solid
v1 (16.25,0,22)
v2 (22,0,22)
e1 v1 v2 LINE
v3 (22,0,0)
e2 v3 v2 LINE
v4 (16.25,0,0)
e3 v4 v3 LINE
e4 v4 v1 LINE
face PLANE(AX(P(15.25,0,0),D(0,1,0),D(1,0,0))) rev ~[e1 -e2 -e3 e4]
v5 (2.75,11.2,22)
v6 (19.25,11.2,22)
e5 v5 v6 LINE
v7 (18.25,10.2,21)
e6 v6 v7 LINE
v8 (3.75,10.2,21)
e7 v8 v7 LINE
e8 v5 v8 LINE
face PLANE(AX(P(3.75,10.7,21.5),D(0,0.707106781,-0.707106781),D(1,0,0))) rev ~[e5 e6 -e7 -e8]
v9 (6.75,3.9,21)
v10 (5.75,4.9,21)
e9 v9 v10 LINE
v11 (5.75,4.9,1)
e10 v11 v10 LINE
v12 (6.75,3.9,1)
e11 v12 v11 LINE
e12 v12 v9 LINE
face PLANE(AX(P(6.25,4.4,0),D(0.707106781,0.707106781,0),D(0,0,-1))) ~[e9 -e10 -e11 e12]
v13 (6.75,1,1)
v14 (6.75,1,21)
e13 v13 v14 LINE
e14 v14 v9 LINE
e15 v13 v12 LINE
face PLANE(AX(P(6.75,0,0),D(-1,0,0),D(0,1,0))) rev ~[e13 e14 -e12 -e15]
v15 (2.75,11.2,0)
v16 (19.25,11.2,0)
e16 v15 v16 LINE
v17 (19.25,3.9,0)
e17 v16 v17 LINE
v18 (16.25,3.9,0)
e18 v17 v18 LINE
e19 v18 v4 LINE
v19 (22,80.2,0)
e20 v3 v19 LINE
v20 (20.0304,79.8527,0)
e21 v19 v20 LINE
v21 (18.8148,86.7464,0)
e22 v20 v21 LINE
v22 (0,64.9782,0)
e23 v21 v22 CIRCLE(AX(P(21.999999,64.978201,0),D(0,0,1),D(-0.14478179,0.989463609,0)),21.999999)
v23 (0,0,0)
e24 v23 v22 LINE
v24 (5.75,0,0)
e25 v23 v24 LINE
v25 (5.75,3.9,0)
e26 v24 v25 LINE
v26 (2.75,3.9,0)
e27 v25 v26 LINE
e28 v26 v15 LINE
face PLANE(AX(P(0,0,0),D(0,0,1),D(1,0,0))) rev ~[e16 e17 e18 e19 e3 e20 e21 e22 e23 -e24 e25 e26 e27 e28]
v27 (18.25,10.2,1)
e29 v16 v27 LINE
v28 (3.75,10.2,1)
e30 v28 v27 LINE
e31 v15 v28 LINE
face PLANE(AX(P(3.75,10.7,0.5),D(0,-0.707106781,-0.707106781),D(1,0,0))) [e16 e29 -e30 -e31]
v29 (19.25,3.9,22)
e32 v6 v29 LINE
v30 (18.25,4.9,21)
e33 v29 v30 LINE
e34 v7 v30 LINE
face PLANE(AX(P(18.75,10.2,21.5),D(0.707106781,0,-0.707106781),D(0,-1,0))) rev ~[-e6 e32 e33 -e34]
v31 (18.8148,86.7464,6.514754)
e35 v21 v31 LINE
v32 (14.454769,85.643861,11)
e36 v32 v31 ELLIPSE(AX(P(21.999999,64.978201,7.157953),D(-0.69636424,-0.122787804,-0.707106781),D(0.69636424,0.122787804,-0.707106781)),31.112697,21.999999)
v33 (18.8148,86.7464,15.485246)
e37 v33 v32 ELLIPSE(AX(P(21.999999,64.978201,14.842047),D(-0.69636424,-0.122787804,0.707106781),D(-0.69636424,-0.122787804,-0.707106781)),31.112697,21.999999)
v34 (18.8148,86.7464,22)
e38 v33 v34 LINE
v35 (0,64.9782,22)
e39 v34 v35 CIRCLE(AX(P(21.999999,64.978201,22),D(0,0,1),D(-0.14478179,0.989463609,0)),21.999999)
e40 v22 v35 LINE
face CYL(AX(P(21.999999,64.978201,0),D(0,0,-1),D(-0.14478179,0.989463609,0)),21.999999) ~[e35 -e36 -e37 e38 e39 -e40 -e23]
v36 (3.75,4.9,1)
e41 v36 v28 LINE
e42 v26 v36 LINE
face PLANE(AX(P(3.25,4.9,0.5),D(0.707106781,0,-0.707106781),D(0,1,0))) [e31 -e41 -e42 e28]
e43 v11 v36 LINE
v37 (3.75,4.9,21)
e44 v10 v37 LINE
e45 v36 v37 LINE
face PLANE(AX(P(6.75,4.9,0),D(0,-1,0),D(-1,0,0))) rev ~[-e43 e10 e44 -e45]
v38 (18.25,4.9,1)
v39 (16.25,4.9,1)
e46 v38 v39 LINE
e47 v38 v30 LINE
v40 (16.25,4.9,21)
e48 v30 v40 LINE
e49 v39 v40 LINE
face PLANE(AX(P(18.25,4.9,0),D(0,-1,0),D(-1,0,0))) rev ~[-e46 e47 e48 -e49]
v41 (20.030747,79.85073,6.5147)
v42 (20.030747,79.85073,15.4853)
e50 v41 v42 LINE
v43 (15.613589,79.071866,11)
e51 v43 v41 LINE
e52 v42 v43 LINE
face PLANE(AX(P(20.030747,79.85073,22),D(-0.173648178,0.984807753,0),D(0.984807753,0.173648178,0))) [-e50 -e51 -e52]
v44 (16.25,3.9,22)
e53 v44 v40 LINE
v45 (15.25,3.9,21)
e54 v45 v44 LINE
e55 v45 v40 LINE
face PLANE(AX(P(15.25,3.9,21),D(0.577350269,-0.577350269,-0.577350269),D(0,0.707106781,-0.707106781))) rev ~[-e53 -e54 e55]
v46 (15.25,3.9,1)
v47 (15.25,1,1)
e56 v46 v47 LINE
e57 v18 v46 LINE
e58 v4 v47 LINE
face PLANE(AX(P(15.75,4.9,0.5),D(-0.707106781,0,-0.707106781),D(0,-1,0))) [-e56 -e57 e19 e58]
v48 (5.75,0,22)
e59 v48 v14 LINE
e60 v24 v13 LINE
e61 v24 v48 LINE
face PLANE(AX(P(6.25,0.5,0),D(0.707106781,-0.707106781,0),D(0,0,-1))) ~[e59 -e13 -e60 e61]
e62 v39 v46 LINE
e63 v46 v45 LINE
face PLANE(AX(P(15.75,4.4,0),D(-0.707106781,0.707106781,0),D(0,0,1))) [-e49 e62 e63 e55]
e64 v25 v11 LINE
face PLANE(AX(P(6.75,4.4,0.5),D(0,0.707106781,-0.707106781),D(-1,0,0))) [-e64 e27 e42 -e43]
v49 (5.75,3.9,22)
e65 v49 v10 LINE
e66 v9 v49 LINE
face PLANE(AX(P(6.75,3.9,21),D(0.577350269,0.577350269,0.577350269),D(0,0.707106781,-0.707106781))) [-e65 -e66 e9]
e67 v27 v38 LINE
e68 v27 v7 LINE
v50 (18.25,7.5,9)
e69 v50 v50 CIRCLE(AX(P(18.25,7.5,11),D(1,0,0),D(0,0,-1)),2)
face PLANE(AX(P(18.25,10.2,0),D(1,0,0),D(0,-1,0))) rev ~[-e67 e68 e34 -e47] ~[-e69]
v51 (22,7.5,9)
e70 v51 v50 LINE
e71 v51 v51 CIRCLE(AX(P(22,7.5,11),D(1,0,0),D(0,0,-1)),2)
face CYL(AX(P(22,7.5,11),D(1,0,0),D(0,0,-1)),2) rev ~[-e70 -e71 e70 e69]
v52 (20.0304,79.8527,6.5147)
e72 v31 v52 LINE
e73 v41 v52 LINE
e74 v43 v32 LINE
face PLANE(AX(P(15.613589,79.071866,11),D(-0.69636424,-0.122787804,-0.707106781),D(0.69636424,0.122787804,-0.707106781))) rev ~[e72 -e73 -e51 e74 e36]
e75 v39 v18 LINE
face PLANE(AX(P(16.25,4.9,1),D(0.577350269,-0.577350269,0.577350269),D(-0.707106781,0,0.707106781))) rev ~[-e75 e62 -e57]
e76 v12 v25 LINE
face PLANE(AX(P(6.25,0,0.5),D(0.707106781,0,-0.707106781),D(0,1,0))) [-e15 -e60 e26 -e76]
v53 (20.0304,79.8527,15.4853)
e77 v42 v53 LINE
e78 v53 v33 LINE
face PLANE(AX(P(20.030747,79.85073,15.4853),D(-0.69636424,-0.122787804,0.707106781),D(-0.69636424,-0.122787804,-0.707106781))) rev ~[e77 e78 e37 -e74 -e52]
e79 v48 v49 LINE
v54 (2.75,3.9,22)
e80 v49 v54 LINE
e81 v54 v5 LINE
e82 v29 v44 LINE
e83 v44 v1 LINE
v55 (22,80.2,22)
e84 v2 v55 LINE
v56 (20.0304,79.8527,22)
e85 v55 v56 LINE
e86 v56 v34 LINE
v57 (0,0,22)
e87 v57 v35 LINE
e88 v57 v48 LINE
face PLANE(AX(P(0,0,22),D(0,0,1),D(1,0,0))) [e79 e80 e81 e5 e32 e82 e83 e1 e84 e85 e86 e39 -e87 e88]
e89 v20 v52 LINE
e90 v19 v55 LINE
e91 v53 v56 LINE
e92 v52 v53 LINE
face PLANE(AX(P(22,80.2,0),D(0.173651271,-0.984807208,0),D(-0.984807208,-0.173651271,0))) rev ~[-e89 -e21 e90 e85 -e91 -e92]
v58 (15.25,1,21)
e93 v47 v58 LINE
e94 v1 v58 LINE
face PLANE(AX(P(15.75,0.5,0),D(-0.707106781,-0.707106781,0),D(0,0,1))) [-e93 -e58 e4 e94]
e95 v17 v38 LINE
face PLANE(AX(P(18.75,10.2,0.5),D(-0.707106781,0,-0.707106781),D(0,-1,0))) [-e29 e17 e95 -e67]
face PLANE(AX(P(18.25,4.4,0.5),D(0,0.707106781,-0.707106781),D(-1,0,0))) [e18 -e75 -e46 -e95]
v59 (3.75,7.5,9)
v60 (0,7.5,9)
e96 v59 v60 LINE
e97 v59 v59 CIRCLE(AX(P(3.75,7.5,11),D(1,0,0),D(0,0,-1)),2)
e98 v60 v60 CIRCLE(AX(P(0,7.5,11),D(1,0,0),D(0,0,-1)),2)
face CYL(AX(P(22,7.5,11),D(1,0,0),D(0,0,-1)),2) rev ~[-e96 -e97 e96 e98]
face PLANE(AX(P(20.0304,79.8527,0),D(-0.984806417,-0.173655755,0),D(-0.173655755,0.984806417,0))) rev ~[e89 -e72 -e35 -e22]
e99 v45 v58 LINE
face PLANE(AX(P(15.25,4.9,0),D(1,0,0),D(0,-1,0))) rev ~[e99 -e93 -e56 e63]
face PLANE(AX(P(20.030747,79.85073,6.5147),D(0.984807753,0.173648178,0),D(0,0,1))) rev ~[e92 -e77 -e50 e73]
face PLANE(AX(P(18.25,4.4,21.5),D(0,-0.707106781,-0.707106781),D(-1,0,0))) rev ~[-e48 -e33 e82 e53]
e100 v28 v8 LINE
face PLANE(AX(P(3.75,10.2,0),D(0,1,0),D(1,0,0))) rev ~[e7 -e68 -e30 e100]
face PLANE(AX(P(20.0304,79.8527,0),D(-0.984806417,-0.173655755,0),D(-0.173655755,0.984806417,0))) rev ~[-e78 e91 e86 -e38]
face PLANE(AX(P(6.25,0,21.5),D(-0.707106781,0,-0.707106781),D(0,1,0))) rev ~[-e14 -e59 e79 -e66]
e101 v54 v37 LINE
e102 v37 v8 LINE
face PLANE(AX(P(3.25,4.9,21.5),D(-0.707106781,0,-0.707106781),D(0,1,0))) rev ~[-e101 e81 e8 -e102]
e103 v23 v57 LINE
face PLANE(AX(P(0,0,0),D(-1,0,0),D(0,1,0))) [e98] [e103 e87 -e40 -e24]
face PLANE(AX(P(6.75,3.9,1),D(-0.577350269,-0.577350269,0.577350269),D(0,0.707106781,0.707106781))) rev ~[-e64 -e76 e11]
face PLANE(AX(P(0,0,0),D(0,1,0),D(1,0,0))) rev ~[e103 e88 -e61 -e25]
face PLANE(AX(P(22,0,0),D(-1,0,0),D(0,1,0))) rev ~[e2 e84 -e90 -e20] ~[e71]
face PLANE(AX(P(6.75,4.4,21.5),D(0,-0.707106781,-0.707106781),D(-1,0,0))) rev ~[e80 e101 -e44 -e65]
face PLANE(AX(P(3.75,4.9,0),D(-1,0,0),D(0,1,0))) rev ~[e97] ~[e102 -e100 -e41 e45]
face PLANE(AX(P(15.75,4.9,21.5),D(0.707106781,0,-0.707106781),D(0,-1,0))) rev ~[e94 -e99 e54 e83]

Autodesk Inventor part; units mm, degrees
ref_plane "YZ Plane" through (0, 0, 0) normal (1, 0, 0) x (0, 1, 0)
ref_plane "XZ Plane" through (0, 0, 0) normal (0, 1, 0) x (-1, 0, 0)
ref_plane "XY Plane" through (0, 0, 0) normal (0, 0, 1) x (1, 0, 0)
sketch "Skizze1" plane through (0, 0, 0) normal (0, 0, 1) x (1, 0, 0)
  line L0 (0, 0) -> (6.75, 0)
  line L1 (6.75, 0) -> (6.75, 4.9)
  line L2 (6.75, 4.9) -> (3.75, 4.9)
  line L3 (3.75, 4.9) -> (3.75, 10.2)
  line L4 (3.75, 10.2) -> (18.25, 10.2)
  line L5 (18.25, 10.2) -> (18.25, 4.9)
  line L6 (18.25, 4.9) -> (15.25, 4.9)
  line L7 (15.25, 4.9) -> (15.25, 0)
  line L8 (15.25, 0) -> (22, 0)
  line L9 (22, 0) -> (22, 80.2)
  line L10 (0, 0) -> (0, 64.9782)
  line L11 (22, 80.2) -> (22, 98.8308) construction
  line L12 (22, 80.2) -> (20.0304, 79.8527)
  line L13 (20.0304, 79.8527) -> (18.8148, 86.7464)
  arc A0 (22, 86.9782) -> (18.8148, 86.7464) centre (22, 64.9782) ccw construction
  arc A1 (18.8148, 86.7464) -> (0, 64.9782) centre (22, 64.9782) ccw
  dimension "d0" = 14.5
  dimension "d1" = 5.3
  dimension "d2" = 4.9
  dimension "d3" = 22
  dimension "d4" = 8.5
  dimension "d5" = 2
  dimension "d6" = 7
  dimension "d21" = 70
  dimension "d22" = 80
extrude "Extrusion1" add sketch "Skizze1" along normal blind 22
sketch "Skizze2" plane through (22, 0, 0) normal (1, 0, 0) x (0, 0, -1)
  circle A0 centre (-11, 7.5) radius 2
  line L0 (0, 0) -> (-22, 0) projected
  line L1 (0, 0) -> (0, 80.2) projected
  point P0 (0, 65.2)
  dimension "d10" = 4
  dimension "d11" = 7.5
  dimension "d12" = 11
extrude "Extrusion2" cut sketch "Skizze2" against normal blind 22
chamfer "Fasen1" distance 1 angle 45 18 edges at (3.75, 7.55, 22) (11, 10.2, 22) (18.25, 7.55, 22) (16.75, 4.9, 22) (5.25, 4.9, 22) (6.75, 2.45, 22) (15.25, 2.45, 22) (18.25, 7.55, 0) (15.25, 2.45, 0) (16.75, 4.9, 0) (11, 10.2, 0) (3.75, 7.55, 0) (5.25, 4.9, 0) (6.75, 2.45, 0) (6.75, 4.9, 11) (15.25, 4.9, 11) (6.75, 0, 11) (15.25, 0, 11)
sketch "Skizze3" plane through (20.0304, 79.8527, 22) normal (-0.1736, 0.9848, 0) x (0.9848, 0.1736, 0)
  circle A0 centre (4, 11) radius 6 construction
  line L0 (0, 6.5147) -> (-4.4853, 11)
  line L1 (-4.4853, 11) -> (0, 15.4853)
  line L2 (0, 15.4853) -> (0, 6.5147)
  line L3 (2, 22) -> (2, 0) projected
  line L4 (0, 22) -> (0, 0) projected
  point P0 (-33.5924, 22)
  point P1 (0, 11)
  dimension "d23" = 12
  dimension "d24" = 45
  dimension "d26" = 4
extrude "Extrusion3" cut sketch "Skizze3" along normal blind 10
properties part number "Gripper_V2_10deg"
